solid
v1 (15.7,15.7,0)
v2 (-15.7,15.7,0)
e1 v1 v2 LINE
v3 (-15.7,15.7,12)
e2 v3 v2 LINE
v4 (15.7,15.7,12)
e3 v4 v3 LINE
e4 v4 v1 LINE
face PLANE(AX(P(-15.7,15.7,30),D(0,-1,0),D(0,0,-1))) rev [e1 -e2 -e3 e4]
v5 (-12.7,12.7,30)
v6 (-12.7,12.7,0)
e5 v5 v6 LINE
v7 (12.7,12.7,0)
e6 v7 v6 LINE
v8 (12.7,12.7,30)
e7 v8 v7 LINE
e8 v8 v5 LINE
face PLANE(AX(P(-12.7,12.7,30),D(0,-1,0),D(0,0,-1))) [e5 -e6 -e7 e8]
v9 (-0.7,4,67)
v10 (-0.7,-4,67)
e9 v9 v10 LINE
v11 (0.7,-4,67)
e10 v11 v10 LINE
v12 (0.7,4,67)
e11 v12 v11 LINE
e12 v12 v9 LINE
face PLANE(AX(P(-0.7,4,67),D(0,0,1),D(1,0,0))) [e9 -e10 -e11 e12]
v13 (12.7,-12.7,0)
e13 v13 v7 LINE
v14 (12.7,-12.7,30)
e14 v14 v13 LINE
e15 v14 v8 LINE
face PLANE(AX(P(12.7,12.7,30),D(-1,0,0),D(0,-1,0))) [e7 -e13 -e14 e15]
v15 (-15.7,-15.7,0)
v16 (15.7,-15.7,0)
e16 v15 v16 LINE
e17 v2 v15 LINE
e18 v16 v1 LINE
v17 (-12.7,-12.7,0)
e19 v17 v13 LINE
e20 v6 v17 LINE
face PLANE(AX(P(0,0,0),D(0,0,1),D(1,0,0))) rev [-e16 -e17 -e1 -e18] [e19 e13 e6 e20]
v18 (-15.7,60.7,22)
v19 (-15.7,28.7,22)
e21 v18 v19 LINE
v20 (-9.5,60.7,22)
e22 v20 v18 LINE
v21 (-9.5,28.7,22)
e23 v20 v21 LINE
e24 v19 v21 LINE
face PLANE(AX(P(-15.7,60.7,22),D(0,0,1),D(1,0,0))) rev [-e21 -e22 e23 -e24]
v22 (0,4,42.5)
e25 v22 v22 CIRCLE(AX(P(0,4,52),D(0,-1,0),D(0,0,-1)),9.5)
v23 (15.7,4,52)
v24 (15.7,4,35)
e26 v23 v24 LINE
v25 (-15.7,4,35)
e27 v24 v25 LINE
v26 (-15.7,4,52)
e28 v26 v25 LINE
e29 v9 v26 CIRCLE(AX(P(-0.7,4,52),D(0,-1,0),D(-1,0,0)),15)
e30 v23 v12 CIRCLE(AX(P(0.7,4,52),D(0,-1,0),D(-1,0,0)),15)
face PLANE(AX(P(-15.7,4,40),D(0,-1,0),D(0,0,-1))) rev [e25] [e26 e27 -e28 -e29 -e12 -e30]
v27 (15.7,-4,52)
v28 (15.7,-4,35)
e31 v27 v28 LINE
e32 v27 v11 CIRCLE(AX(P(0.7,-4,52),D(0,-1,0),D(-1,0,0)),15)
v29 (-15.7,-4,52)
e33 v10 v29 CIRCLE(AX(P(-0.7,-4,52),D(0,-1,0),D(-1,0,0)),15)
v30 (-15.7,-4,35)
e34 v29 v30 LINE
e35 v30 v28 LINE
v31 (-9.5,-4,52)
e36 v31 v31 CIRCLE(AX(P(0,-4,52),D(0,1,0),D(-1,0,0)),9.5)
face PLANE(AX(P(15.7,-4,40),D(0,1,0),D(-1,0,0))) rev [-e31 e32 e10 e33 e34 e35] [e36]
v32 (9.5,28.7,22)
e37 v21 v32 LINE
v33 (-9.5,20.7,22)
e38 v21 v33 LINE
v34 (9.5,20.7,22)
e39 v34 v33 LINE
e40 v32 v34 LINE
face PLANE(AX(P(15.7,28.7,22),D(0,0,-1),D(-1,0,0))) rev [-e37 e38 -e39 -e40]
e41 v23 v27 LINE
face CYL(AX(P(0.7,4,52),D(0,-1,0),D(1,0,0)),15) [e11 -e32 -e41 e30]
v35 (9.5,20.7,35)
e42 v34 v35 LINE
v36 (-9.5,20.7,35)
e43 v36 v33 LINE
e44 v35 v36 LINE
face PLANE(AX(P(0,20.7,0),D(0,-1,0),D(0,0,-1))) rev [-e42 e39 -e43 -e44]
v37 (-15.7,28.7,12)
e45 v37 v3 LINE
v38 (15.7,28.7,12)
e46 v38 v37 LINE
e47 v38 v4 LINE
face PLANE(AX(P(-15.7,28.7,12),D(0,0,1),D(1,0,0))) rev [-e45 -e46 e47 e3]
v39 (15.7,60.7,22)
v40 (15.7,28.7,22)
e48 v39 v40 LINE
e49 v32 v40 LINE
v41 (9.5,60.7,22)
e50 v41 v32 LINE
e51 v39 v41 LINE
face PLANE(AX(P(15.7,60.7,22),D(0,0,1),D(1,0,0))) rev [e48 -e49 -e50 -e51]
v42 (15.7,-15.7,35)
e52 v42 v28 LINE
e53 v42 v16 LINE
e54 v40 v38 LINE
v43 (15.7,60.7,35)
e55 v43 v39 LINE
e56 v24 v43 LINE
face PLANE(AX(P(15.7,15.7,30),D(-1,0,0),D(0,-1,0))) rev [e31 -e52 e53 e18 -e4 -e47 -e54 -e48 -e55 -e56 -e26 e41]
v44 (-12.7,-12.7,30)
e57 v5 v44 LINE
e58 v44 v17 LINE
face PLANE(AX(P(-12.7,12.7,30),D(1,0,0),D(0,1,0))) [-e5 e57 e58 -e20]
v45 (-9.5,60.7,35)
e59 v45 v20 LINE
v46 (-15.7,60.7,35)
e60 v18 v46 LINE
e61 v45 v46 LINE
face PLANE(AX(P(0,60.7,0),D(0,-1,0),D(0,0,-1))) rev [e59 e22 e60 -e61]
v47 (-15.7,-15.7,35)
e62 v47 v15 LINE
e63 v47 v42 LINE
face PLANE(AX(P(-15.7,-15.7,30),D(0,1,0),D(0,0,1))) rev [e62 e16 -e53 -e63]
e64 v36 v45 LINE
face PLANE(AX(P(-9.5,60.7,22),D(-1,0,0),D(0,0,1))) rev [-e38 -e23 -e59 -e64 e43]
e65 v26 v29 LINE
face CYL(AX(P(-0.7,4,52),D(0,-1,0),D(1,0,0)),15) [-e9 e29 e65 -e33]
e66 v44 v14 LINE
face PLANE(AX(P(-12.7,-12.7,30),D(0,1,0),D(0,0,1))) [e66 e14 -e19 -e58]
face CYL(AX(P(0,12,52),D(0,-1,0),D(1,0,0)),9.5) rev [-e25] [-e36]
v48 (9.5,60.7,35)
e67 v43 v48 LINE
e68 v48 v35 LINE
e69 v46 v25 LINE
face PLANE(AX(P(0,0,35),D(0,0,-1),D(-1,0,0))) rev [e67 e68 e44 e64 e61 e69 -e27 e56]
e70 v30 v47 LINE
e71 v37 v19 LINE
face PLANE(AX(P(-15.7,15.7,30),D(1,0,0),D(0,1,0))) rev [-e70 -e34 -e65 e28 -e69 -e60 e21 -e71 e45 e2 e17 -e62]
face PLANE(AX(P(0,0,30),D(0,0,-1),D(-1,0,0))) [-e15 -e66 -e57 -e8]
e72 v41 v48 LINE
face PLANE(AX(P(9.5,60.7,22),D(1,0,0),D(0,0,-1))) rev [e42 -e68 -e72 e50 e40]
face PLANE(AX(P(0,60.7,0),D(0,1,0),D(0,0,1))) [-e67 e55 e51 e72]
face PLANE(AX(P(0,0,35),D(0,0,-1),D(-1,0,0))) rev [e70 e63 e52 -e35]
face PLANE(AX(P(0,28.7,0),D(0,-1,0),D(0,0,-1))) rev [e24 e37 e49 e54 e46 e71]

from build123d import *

# Parameters (mm, degrees)
SKETCH4_W            = 31.4
SKETCH4_H            = 31.4
SKETCH4_W_2          = 25.4
SKETCH4_H_2          = 25.4
BOSS_EXTRUDE3_DEPTH  = 30
SKETCH5_W            = 31.4
SKETCH5_H            = 31.4
BOSS_EXTRUDE4_DEPTH  = 5
SKETCH6_W            = 31.4
SKETCH6_H            = 8
BOSS_EXTRUDE5_DEPTH  = 5
BOSS_EXTRUDE6_DEPTH  = 8
SKETCH8_R            = 9.5
BOSS_EXTRUDE7_DEPTH  = 8
SKETCH9_W            = 31.4
SKETCH9_H            = 10
BOSS_EXTRUDE8_DEPTH  = 5
SKETCH10_W           = 31.4
SKETCH10_H           = 10
BOSS_EXTRUDE9_DEPTH  = 13
SKETCH11_W           = 6.2
SKETCH11_H           = 10
BOSS_EXTRUDE10_DEPTH = 40
BOSS_EXTRUDE11_DEPTH = 3
CUT_EXTRUDE1_START   = 8
SKETCH8_2_R          = 9.5
CUT_EXTRUDE1_DEPTH   = 24


with BuildPart() as part:
    # Sketch4 → Boss-Extrude3 (new body)
    with BuildSketch(Plane.XY):
        Rectangle(SKETCH4_W, SKETCH4_H)
        Rectangle(SKETCH4_W_2, SKETCH4_H_2, mode=Mode.SUBTRACT)
    extrude(amount=BOSS_EXTRUDE3_DEPTH)

    # Sketch5 → Boss-Extrude4 (add)
    with BuildSketch(Plane.XY.offset(30)):
        Rectangle(SKETCH5_W, SKETCH5_H)
    extrude(amount=BOSS_EXTRUDE4_DEPTH)

    # Sketch6 → Boss-Extrude5 (add)
    with BuildSketch(Plane.XY.offset(35)):
        Rectangle(SKETCH6_W, SKETCH6_H)
    extrude(amount=BOSS_EXTRUDE5_DEPTH)

    # Sketch7 → Boss-Extrude6 (add)
    with BuildSketch(Plane.XZ.offset(4)):
        with BuildLine():
            Line((-15.7, 40), (-15.7, 52))
            ThreePointArc((-15.7, 52), (-11.306601718, 62.606601718), (-0.7, 67))
            Line((-0.7, 67), (0.7, 67))
            ThreePointArc((0.7, 67), (11.306601718, 62.606601718), (15.7, 52))
            Line((15.7, 52), (15.7, 40))
            Line((15.7, 40), (-15.7, 40))
        make_face()
    extrude(amount=-BOSS_EXTRUDE6_DEPTH)

    # Sketch8 → Boss-Extrude7 (add)
    with BuildSketch(Plane.XZ.offset(4)):
        with Locations((0, 52)):
            Circle(SKETCH8_R)
    boss_extrude7 = extrude(amount=BOSS_EXTRUDE7_DEPTH)

    # Mirror1: Boss-Extrude7 across plane
    add(boss_extrude7.mirror(Plane.ZX))

    # Sketch9 → Boss-Extrude8 (add)
    with BuildSketch(Plane(origin=(0, 15.7, 0), x_dir=(1, 0, 0), z_dir=(0, 1, 0))):
        with Locations((0, -27)):
            Rectangle(SKETCH9_W, SKETCH9_H)
    extrude(amount=BOSS_EXTRUDE8_DEPTH)

    # Sketch10 → Boss-Extrude9 (add)
    with BuildSketch(Plane(origin=(0, 15.7, 0), x_dir=(1, 0, 0), z_dir=(0, 1, 0))):
        with Locations((0, -17)):
            Rectangle(SKETCH10_W, SKETCH10_H)
    extrude(amount=BOSS_EXTRUDE9_DEPTH)

    # Sketch11 → Boss-Extrude10 (add)
    with BuildSketch(Plane(origin=(0, 20.7, 0), x_dir=(1, 0, 0), z_dir=(0, 1, 0))):
        with Locations((-12.6, -27)):
            Rectangle(SKETCH11_W, SKETCH11_H)
        with Locations((12.6, -27)):
            Rectangle(SKETCH11_W, SKETCH11_H)
    extrude(amount=BOSS_EXTRUDE10_DEPTH)

    # Sketch12 → Boss-Extrude11 (add)
    with BuildSketch(Plane.XY.offset(32)):
        Polygon((-15.7, 60.7), (-9.5, 60.7), (-9.5, 20.7), (9.5, 20.7), (9.5, 60.7), (15.7, 60.7), (15.7, 15.7), (-15.7, 15.7), align=None)
    extrude(amount=BOSS_EXTRUDE11_DEPTH)

    # Sketch8<2> → Cut-Extrude1 (cut)
    with BuildSketch(Plane.XZ.offset(4).offset(CUT_EXTRUDE1_START)):
        with Locations((0, 52)):
            Circle(SKETCH8_2_R)
    extrude(amount=-CUT_EXTRUDE1_DEPTH, mode=Mode.SUBTRACT)


solid = part.part
